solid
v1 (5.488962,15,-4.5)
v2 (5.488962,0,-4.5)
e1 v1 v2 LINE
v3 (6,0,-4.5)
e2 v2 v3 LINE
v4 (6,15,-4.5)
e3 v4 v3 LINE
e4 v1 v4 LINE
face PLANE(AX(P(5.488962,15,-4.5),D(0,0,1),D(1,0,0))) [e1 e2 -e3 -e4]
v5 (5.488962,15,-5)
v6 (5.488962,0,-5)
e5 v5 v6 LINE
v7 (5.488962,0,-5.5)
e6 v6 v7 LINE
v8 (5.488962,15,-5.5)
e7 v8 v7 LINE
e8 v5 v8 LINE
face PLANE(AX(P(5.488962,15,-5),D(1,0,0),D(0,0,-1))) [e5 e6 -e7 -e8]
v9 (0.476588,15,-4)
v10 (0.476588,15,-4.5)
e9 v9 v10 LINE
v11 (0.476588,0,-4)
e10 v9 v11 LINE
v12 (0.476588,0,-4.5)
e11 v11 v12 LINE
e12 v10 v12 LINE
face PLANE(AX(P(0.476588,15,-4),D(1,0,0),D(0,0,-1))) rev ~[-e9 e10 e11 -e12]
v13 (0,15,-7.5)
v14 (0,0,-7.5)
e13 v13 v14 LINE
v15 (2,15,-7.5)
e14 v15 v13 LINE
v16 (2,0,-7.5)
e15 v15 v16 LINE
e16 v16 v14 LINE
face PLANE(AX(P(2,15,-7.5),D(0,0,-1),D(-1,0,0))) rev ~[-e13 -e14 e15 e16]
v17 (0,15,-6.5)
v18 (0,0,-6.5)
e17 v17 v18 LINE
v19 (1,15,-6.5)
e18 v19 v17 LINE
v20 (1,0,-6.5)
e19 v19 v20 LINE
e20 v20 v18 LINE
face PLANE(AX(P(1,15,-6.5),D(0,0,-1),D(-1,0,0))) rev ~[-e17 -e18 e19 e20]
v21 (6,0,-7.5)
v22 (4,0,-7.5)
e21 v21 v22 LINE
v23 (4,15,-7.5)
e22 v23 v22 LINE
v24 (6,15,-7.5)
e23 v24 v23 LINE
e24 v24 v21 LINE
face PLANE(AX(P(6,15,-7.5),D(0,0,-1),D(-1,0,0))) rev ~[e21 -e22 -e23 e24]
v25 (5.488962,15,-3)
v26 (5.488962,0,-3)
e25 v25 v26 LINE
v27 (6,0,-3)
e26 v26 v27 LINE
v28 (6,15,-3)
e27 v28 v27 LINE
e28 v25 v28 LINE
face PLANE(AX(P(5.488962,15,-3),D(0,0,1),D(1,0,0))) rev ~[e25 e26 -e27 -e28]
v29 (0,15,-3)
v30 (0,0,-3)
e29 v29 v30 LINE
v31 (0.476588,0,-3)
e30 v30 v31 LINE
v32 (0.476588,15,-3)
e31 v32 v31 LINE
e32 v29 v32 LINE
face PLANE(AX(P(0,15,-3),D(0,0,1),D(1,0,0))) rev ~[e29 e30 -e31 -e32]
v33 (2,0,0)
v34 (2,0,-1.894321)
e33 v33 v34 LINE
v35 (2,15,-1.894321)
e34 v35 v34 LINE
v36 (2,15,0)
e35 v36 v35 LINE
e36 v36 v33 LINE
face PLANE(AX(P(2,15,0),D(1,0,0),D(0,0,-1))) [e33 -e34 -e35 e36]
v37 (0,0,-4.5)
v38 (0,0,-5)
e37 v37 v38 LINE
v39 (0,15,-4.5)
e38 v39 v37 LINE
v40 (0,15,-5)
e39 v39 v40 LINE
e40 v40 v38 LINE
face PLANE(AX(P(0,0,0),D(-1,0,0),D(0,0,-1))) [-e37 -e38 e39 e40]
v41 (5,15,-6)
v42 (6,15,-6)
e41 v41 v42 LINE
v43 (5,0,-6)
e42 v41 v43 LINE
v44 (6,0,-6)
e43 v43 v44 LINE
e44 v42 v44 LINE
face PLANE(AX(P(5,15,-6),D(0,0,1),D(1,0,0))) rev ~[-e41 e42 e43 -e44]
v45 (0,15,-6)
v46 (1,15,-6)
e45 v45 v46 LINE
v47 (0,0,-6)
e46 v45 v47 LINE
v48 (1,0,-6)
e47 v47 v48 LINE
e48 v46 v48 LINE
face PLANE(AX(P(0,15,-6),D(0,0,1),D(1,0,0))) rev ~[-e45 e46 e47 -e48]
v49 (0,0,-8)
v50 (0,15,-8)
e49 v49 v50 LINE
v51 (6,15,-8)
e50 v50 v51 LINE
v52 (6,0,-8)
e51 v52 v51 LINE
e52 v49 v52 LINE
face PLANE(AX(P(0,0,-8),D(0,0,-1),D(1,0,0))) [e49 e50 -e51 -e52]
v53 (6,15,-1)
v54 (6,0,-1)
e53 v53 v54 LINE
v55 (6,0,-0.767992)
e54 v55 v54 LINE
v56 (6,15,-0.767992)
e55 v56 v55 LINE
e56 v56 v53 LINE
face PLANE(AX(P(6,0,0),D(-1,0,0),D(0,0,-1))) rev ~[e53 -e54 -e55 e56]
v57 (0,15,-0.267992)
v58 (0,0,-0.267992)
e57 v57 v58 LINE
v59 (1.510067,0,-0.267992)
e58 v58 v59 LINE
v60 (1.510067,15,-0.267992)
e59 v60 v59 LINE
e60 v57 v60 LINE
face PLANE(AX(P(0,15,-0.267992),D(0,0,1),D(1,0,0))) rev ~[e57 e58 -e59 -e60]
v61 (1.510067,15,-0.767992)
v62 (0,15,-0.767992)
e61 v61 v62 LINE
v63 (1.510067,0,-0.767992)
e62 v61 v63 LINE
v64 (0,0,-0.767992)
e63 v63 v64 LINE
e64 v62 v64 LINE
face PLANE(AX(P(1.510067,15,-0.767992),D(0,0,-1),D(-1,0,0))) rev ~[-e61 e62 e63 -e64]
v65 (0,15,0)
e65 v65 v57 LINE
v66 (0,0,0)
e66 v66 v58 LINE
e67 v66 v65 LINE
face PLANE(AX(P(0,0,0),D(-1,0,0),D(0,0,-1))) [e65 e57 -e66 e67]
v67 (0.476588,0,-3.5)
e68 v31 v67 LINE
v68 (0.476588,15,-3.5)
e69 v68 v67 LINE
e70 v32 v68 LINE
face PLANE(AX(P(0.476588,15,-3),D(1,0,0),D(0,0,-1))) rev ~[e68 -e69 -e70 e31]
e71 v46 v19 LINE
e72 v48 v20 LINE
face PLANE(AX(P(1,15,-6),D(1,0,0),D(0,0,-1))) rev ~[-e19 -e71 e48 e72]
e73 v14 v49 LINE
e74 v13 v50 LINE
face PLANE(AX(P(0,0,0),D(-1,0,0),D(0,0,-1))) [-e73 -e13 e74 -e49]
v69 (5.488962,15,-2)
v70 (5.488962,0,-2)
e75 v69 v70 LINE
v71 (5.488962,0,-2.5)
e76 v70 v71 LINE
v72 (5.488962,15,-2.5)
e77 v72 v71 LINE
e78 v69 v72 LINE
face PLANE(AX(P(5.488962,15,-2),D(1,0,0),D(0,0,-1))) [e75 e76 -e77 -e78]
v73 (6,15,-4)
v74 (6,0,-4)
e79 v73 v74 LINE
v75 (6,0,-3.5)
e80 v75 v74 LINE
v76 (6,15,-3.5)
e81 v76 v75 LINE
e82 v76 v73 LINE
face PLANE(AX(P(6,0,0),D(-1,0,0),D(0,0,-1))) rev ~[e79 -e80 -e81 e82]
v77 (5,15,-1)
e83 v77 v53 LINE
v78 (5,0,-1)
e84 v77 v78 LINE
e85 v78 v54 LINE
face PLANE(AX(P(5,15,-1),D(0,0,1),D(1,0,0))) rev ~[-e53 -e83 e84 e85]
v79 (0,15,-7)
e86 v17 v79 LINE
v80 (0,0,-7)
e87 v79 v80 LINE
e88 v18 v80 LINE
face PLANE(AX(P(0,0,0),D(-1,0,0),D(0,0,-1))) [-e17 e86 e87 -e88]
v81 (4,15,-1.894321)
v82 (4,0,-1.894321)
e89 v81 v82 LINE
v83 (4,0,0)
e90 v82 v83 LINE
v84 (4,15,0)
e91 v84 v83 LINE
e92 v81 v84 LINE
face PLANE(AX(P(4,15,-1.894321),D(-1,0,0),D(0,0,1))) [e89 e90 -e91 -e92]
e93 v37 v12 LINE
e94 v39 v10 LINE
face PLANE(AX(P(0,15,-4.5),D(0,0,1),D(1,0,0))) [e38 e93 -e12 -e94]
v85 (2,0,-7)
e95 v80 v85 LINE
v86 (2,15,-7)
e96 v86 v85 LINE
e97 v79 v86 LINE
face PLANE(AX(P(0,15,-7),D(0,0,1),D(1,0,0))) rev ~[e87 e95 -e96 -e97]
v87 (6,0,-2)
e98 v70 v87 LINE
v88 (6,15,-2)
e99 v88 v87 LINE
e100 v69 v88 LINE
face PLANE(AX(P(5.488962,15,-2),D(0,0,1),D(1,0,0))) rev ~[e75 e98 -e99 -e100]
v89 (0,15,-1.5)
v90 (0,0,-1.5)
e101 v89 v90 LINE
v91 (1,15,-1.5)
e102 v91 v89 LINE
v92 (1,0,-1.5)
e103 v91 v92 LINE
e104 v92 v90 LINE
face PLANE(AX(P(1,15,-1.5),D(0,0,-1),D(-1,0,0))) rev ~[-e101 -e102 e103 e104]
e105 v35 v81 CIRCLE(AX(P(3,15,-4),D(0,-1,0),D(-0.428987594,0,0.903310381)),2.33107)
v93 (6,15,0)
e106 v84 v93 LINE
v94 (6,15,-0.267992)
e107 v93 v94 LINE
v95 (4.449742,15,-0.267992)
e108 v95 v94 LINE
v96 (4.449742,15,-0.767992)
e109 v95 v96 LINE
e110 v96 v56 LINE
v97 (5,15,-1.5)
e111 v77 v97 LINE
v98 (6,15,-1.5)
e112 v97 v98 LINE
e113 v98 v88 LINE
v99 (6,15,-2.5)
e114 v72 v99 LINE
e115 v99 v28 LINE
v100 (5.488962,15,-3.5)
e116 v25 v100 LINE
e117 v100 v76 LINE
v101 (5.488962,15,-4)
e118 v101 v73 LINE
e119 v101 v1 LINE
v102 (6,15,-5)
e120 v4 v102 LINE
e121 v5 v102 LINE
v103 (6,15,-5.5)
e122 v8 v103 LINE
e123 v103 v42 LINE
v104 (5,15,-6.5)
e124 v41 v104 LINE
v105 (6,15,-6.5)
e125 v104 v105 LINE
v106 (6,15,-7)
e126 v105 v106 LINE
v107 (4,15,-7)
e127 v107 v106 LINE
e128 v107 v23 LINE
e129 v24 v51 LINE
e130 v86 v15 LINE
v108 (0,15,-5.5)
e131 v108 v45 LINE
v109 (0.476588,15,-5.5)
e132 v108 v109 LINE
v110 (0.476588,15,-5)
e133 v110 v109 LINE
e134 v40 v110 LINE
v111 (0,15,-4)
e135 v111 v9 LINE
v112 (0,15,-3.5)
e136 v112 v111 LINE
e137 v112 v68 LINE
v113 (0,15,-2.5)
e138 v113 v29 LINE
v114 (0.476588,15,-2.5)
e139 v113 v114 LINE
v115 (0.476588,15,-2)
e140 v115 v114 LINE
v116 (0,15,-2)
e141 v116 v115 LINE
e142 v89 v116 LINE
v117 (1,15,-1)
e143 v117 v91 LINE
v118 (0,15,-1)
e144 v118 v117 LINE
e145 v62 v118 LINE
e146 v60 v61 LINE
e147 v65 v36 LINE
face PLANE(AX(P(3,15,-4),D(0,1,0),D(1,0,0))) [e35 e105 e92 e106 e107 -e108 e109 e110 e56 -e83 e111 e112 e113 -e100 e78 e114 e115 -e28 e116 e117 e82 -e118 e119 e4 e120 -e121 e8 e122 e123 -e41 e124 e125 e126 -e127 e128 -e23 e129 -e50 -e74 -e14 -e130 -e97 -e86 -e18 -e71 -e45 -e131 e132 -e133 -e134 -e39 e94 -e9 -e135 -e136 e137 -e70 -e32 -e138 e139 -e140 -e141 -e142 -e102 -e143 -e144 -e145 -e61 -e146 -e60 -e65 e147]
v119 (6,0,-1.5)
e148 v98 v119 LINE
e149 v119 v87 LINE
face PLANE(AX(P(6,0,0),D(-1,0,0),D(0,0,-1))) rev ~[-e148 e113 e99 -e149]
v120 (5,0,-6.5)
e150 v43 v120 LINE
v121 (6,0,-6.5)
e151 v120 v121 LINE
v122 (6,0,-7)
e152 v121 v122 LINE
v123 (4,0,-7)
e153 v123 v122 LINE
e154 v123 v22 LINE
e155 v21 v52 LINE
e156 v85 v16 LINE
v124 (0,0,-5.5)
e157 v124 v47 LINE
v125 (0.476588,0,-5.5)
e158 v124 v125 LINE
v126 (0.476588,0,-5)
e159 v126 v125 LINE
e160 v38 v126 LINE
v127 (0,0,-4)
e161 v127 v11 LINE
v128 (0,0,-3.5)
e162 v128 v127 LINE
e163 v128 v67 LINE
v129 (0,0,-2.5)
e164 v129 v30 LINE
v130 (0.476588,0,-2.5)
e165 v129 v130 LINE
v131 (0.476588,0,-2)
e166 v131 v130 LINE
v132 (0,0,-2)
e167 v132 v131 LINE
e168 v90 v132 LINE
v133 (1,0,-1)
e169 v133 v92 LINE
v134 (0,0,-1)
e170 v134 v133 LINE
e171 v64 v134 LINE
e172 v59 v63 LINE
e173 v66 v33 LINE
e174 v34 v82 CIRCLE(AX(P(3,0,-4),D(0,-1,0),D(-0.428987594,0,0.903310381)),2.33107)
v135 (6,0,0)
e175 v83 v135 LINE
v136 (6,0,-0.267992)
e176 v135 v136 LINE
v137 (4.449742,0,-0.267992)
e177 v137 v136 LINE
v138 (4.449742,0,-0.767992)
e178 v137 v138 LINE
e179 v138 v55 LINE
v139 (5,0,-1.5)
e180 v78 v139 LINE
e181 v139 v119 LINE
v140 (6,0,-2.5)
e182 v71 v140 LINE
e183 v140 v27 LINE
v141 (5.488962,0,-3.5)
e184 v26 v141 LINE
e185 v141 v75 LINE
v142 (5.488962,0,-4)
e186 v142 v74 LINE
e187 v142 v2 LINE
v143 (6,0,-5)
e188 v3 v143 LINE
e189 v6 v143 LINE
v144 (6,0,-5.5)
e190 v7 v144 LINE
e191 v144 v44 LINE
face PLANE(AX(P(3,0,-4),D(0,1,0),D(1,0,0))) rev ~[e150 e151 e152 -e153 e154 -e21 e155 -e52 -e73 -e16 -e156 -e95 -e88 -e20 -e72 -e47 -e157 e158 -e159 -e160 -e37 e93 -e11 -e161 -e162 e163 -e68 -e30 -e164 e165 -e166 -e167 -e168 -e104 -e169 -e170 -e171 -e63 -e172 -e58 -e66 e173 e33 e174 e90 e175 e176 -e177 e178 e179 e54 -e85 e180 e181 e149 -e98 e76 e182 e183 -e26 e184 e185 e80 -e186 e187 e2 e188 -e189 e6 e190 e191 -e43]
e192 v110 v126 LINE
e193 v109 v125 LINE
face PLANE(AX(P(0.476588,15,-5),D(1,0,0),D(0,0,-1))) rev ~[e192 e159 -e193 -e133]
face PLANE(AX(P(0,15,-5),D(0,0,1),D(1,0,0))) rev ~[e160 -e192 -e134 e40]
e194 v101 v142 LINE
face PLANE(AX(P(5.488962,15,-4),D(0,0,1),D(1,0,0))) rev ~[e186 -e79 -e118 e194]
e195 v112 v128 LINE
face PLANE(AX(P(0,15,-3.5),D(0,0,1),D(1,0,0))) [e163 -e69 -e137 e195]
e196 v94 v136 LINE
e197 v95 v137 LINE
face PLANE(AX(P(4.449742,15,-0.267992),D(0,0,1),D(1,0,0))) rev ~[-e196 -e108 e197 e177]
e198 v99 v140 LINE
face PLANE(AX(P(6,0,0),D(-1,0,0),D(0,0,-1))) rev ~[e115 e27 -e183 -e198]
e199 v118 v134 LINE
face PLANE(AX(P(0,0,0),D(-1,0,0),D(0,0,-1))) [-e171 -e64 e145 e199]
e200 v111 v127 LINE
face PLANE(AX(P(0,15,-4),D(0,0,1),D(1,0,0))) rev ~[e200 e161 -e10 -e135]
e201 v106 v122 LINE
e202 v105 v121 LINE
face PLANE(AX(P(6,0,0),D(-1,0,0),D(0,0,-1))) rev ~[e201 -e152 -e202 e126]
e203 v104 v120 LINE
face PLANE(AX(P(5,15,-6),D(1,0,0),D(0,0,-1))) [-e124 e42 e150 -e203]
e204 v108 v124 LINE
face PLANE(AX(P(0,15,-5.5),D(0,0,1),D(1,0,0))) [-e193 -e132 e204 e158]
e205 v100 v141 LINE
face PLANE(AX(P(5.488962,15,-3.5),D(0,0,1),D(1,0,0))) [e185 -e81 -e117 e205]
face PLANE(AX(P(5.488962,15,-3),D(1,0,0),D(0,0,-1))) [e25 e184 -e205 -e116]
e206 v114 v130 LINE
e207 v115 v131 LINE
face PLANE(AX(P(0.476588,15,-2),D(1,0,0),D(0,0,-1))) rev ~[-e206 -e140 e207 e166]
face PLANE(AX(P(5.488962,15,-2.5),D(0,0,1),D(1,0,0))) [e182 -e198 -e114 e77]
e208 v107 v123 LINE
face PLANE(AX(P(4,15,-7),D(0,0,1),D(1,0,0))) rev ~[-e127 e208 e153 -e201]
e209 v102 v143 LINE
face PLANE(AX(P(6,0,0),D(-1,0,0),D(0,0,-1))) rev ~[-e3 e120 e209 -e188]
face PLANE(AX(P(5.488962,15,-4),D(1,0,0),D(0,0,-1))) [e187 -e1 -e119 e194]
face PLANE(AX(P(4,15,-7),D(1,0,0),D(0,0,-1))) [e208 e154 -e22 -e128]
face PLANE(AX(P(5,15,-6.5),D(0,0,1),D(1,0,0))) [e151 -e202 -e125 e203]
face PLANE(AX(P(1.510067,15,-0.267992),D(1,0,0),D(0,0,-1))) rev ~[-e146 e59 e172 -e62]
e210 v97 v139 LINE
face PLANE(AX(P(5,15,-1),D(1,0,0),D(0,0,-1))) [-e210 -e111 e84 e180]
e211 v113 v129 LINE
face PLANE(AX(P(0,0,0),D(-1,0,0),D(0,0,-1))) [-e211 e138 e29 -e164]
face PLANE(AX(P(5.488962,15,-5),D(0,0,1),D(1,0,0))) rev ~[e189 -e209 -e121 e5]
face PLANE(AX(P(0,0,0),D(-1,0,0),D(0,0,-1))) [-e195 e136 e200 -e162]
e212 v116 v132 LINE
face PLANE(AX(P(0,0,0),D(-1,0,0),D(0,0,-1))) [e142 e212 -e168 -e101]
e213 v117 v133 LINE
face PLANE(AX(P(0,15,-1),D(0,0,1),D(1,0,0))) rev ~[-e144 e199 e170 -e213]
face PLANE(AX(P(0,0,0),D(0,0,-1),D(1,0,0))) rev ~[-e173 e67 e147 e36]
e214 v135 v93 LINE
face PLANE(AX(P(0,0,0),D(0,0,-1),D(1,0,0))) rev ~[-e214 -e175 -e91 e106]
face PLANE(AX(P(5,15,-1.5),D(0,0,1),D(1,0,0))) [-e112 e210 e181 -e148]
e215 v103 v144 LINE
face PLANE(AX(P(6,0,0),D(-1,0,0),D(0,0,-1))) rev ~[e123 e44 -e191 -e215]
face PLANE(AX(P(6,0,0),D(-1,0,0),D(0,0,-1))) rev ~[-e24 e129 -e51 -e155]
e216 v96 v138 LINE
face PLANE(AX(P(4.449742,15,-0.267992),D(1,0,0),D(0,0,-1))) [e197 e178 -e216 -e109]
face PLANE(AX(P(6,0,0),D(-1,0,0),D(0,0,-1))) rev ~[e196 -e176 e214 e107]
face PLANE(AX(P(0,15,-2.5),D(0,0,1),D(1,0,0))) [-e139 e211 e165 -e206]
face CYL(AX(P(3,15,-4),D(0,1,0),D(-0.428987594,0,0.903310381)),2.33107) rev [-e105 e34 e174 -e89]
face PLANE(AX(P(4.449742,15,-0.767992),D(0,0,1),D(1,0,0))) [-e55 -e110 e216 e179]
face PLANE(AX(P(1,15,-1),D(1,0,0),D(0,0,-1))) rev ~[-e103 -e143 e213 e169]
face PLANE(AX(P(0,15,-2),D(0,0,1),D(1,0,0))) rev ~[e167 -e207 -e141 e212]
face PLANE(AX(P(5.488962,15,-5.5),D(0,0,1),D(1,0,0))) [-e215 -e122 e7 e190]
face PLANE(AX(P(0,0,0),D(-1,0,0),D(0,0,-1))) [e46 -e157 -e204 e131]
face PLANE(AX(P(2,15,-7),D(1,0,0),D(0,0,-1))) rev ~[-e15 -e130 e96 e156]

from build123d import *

# Parameters (mm, degrees)
SKETCH1_W           = 6
SKETCH1_H           = 8
BOSS_EXTRUDE1_DEPTH = 15
CUT_EXTRUDE2_DEPTH  = 15
SKETCH3_W           = 1.55025835
SKETCH3_H           = 0.5
SKETCH3_W_2         = 0.44974165
SKETCH3_W_3         = 1
SKETCH3_W_4         = 0.511037603
SKETCH3_W_5         = 1.033479195
SKETCH3_W_6         = 0.476588297
SKETCH3_W_7         = 0.523411703
SKETCH3_W_8         = 0.489932508
CUT_EXTRUDE3_DEPTH  = 15


with BuildPart() as part:
    # Sketch1 → Boss-Extrude1 (new body)
    with BuildSketch(Plane(origin=(0, 0, 0), x_dir=(1, 0, 0), z_dir=(0, 1, 0))):
        with Locations((3, 4)):
            Rectangle(SKETCH1_W, SKETCH1_H)
    extrude(amount=BOSS_EXTRUDE1_DEPTH)

    # Sketch2 → Cut-Extrude2 (cut)
    with BuildSketch(Plane(origin=(0, 15, 0), x_dir=(1, 0, 0), z_dir=(0, 1, 0))):
        with BuildLine():
            Line((4, 0), (2, 0))
            Line((2, 0), (2, 1.894320503))
            ThreePointArc((2, 1.894320503), (3, 6.331069742), (4, 1.894320503))
            Line((4, 1.894320503), (4, 0))
        make_face()
    extrude(amount=-CUT_EXTRUDE2_DEPTH, mode=Mode.SUBTRACT)

    # Sketch3 → Cut-Extrude3 (cut)
    with BuildSketch(Plane(origin=(0, 15, 0), x_dir=(1, 0, 0), z_dir=(0, 1, 0))):
        with Locations((5.224870825, 7.25)):
            Rectangle(SKETCH3_W, SKETCH3_H)
        with Locations((4.224870825, 7.25)):
            Rectangle(SKETCH3_W_2, SKETCH3_H)
        with Locations((5.5, 6.25)):
            Rectangle(SKETCH3_W_3, SKETCH3_H)
        with Locations((5.744481199, 5.25)):
            Rectangle(SKETCH3_W_4, SKETCH3_H)
        with Locations((5.744481199, 4.25)):
            Rectangle(SKETCH3_W_4, SKETCH3_H)
        with Locations((5.744481199, 3.25)):
            Rectangle(SKETCH3_W_4, SKETCH3_H)
        with Locations((5.744481199, 2.25)):
            Rectangle(SKETCH3_W_4, SKETCH3_H)
        with Locations((5.5, 1.25)):
            Rectangle(SKETCH3_W_3, SKETCH3_H)
        with Locations((5.224870825, 0.517991792)):
            Rectangle(SKETCH3_W, SKETCH3_H)
        with Locations((0.993327895, 0.517991792)):
            Rectangle(SKETCH3_W_5, SKETCH3_H)
        with Locations((0.238294149, 0.517991792)):
            Rectangle(SKETCH3_W_6, SKETCH3_H)
        with Locations((0.238294149, 1.25)):
            Rectangle(SKETCH3_W_6, SKETCH3_H)
        with Locations((0.738294149, 1.25)):
            Rectangle(SKETCH3_W_7, SKETCH3_H)
        with Locations((0.238294149, 2.25)):
            Rectangle(SKETCH3_W_6, SKETCH3_H)
        with Locations((0.238294149, 3.25)):
            Rectangle(SKETCH3_W_6, SKETCH3_H)
        with Locations((0.238294149, 4.25)):
            Rectangle(SKETCH3_W_6, SKETCH3_H)
        with Locations((0.238294149, 5.25)):
            Rectangle(SKETCH3_W_6, SKETCH3_H)
        with Locations((0.238294149, 6.25)):
            Rectangle(SKETCH3_W_6, SKETCH3_H)
        with Locations((0.993327895, 7.25)):
            Rectangle(SKETCH3_W_5, SKETCH3_H)
        with Locations((0.238294149, 7.25)):
            Rectangle(SKETCH3_W_6, SKETCH3_H)
        with Locations((1.755033746, 7.25)):
            Rectangle(SKETCH3_W_8, SKETCH3_H)
        with Locations((0.738294149, 6.25)):
            Rectangle(SKETCH3_W_7, SKETCH3_H)
    extrude(amount=-CUT_EXTRUDE3_DEPTH, mode=Mode.SUBTRACT)


solid = part.part
